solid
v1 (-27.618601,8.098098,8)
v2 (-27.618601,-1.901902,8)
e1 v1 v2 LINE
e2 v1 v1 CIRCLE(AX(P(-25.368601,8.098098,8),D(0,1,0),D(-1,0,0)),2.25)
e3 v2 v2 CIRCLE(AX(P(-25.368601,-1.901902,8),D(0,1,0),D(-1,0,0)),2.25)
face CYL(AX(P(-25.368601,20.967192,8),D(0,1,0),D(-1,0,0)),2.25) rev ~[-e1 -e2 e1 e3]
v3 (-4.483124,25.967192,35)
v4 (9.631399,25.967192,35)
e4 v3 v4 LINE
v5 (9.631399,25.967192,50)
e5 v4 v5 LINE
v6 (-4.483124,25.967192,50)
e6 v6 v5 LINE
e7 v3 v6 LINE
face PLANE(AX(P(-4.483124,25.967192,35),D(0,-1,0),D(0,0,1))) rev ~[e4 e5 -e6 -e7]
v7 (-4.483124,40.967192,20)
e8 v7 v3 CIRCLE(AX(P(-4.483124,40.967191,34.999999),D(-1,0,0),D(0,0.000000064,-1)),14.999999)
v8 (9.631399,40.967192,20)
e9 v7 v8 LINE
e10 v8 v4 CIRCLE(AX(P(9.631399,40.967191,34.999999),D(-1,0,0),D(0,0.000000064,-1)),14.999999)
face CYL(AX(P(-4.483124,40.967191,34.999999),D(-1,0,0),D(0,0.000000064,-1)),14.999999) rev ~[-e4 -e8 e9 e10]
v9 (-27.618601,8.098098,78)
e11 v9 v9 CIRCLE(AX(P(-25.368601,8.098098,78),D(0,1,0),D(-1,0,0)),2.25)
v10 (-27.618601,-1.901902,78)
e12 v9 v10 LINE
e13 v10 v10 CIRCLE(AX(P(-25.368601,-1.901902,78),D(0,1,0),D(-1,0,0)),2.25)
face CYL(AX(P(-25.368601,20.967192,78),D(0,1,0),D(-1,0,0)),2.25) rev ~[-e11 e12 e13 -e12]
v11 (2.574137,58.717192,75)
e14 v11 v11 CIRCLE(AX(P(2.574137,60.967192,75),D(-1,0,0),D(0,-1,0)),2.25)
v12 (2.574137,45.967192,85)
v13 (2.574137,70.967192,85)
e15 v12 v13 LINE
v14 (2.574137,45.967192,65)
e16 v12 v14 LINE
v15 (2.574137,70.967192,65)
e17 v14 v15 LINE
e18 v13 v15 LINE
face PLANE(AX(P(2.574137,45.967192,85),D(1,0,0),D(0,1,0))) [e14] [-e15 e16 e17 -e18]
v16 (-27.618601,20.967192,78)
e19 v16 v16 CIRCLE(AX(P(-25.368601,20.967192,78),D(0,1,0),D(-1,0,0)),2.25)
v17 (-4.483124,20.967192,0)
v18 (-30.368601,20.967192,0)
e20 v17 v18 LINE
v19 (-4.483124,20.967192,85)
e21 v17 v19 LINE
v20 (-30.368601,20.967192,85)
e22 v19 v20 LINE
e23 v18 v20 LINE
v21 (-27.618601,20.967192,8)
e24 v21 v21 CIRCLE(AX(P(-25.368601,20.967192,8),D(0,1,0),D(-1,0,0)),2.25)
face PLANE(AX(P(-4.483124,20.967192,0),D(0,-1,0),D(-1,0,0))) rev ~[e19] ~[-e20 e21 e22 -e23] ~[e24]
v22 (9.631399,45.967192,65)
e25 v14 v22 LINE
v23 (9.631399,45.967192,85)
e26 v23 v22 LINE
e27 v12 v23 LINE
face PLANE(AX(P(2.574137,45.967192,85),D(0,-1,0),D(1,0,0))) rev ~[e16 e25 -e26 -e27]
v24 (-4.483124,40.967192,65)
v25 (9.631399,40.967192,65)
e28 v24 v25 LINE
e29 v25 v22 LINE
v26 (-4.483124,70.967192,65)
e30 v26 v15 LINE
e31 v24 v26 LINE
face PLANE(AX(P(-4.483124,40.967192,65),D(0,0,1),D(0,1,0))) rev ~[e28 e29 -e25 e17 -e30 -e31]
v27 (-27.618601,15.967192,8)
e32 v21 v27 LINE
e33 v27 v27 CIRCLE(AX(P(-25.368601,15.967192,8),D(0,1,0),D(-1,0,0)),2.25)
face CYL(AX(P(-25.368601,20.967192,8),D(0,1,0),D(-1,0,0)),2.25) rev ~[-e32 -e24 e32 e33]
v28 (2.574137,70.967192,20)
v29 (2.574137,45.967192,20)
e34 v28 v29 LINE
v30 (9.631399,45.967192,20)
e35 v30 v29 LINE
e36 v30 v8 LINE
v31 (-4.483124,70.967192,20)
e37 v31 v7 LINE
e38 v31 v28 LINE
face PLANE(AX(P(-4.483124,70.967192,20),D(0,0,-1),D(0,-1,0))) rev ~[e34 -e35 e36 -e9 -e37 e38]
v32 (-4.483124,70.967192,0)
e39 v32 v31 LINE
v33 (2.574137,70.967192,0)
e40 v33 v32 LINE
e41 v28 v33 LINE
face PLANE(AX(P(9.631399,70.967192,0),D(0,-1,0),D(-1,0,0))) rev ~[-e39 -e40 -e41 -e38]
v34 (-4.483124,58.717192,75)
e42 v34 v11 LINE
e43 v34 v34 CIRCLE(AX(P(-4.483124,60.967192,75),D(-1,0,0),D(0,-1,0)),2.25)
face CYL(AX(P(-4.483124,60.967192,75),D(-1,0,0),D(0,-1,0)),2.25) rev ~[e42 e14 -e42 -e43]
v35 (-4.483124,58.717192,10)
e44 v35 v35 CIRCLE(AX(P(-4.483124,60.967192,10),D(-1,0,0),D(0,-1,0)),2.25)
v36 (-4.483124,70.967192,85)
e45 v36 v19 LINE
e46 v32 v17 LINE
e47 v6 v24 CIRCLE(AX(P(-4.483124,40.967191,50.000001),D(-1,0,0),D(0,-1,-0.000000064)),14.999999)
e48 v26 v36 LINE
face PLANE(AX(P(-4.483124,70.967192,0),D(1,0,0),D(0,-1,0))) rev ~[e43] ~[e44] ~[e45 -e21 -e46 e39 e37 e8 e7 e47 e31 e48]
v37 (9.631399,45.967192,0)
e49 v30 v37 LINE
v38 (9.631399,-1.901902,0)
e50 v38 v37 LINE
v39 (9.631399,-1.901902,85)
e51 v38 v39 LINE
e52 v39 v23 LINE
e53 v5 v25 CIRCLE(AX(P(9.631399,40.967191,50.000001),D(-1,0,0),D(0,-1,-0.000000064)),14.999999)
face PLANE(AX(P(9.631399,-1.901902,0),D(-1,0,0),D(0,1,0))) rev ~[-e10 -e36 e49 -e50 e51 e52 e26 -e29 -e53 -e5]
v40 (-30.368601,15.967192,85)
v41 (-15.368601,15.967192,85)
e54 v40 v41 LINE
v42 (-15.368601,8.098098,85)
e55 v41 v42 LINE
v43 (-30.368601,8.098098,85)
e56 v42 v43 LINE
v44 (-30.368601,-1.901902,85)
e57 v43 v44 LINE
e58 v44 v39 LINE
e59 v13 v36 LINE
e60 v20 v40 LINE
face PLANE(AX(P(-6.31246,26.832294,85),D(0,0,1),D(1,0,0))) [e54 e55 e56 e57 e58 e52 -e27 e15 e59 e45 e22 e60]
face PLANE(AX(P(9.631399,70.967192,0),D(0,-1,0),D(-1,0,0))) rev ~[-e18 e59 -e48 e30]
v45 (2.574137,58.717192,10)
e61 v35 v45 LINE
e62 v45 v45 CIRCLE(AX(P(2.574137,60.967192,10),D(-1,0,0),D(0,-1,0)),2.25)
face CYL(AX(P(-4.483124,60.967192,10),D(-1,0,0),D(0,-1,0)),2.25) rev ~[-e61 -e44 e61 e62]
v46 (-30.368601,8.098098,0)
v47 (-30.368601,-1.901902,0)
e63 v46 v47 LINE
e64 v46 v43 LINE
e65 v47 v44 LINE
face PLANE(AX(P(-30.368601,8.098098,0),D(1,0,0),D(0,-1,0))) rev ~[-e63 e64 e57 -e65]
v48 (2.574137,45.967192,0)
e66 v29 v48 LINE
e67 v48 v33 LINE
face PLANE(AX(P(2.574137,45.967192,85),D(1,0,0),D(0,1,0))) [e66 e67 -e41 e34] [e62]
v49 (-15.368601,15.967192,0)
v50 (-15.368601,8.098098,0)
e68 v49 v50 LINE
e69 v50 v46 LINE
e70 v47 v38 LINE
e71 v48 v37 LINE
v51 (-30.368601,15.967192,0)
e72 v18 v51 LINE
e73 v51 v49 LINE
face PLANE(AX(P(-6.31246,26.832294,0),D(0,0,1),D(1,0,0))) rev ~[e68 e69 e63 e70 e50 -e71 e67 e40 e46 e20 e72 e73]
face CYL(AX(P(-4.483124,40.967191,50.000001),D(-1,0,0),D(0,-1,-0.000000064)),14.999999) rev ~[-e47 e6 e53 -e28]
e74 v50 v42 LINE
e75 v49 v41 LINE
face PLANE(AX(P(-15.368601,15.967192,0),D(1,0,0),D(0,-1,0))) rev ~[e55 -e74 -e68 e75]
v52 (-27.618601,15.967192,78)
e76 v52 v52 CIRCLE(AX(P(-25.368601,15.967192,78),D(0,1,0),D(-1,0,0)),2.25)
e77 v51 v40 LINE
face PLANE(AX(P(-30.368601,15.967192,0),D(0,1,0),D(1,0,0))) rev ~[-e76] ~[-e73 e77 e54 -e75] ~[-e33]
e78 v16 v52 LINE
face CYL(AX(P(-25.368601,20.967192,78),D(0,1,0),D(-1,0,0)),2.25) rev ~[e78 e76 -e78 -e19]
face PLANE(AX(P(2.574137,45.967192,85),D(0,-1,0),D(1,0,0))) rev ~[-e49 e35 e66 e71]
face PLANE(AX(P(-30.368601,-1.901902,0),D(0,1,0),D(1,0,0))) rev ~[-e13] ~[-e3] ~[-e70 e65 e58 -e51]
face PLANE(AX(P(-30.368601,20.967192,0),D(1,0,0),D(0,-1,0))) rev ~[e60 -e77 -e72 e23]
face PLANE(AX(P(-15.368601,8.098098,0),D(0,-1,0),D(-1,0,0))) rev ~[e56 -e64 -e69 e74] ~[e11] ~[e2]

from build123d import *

# Parameters (mm, degrees)
F1_DEPTH = 85
F2_R     = 2.25
F3_DEPTH = 50
F4_R     = 2.25
F5_DEPTH = 25
F6_W     = 7.057262
F6_H     = 25
F7_DEPTH = 85


with BuildPart() as f1:
    # F0 (on Top) → F1 (new body)
    with BuildSketch(Plane.XY):
        Polygon((-30.368601, 20.967192), (-30.368601, 15.967192), (-15.368601, 15.967192), (-15.368601, 8.098098), (-30.368601, 8.098098), (-30.368601, -1.901902), (9.631399, -1.901902), (9.631399, 70.967192), (-4.483124, 70.967192), (-4.483124, 20.967192), align=None)
    extrude(amount=F1_DEPTH)

    # F2 (on face) → F3 (cut)
    with BuildSketch(Plane(origin=(0, 20.967192, 0), x_dir=(-1, 0, 0), z_dir=(0, 1, 0))):
        with Locations((25.368601, 8)):
            Circle(F2_R)
        with Locations((25.368601, 78)):
            Circle(F2_R)
    extrude(amount=-F3_DEPTH, mode=Mode.SUBTRACT)

    # F4 (on face) → F5 (cut)
    with BuildSketch(Plane(origin=(-4.483124, 0, 0), x_dir=(0, -1, 0), z_dir=(-1, 0, 0))):
        with BuildLine():
            Line((-70.967192, 65), (-70.967192, 20))
            Line((-70.967192, 20), (-40.967192, 20))
            ThreePointArc((-40.967192, 20), (-30.36059, 24.393398), (-25.967192, 35))
            Line((-25.967192, 35), (-25.967192, 50))
            ThreePointArc((-25.967192, 50), (-30.36059, 60.606602), (-40.967192, 65))
            Line((-40.967192, 65), (-70.967192, 65))
        make_face()
        with Locations((-60.967192, 75)):
            Circle(F4_R)
        with Locations((-60.967192, 10)):
            Circle(F4_R)
    extrude(amount=-F5_DEPTH, mode=Mode.SUBTRACT)

    # F6 (on face) → F7 (cut)
    with BuildSketch(Plane.XY.offset(85)):
        with Locations((6.102768, 58.467192)):
            Rectangle(F6_W, F6_H)
    extrude(amount=-F7_DEPTH, mode=Mode.SUBTRACT)


solid = f1.part
